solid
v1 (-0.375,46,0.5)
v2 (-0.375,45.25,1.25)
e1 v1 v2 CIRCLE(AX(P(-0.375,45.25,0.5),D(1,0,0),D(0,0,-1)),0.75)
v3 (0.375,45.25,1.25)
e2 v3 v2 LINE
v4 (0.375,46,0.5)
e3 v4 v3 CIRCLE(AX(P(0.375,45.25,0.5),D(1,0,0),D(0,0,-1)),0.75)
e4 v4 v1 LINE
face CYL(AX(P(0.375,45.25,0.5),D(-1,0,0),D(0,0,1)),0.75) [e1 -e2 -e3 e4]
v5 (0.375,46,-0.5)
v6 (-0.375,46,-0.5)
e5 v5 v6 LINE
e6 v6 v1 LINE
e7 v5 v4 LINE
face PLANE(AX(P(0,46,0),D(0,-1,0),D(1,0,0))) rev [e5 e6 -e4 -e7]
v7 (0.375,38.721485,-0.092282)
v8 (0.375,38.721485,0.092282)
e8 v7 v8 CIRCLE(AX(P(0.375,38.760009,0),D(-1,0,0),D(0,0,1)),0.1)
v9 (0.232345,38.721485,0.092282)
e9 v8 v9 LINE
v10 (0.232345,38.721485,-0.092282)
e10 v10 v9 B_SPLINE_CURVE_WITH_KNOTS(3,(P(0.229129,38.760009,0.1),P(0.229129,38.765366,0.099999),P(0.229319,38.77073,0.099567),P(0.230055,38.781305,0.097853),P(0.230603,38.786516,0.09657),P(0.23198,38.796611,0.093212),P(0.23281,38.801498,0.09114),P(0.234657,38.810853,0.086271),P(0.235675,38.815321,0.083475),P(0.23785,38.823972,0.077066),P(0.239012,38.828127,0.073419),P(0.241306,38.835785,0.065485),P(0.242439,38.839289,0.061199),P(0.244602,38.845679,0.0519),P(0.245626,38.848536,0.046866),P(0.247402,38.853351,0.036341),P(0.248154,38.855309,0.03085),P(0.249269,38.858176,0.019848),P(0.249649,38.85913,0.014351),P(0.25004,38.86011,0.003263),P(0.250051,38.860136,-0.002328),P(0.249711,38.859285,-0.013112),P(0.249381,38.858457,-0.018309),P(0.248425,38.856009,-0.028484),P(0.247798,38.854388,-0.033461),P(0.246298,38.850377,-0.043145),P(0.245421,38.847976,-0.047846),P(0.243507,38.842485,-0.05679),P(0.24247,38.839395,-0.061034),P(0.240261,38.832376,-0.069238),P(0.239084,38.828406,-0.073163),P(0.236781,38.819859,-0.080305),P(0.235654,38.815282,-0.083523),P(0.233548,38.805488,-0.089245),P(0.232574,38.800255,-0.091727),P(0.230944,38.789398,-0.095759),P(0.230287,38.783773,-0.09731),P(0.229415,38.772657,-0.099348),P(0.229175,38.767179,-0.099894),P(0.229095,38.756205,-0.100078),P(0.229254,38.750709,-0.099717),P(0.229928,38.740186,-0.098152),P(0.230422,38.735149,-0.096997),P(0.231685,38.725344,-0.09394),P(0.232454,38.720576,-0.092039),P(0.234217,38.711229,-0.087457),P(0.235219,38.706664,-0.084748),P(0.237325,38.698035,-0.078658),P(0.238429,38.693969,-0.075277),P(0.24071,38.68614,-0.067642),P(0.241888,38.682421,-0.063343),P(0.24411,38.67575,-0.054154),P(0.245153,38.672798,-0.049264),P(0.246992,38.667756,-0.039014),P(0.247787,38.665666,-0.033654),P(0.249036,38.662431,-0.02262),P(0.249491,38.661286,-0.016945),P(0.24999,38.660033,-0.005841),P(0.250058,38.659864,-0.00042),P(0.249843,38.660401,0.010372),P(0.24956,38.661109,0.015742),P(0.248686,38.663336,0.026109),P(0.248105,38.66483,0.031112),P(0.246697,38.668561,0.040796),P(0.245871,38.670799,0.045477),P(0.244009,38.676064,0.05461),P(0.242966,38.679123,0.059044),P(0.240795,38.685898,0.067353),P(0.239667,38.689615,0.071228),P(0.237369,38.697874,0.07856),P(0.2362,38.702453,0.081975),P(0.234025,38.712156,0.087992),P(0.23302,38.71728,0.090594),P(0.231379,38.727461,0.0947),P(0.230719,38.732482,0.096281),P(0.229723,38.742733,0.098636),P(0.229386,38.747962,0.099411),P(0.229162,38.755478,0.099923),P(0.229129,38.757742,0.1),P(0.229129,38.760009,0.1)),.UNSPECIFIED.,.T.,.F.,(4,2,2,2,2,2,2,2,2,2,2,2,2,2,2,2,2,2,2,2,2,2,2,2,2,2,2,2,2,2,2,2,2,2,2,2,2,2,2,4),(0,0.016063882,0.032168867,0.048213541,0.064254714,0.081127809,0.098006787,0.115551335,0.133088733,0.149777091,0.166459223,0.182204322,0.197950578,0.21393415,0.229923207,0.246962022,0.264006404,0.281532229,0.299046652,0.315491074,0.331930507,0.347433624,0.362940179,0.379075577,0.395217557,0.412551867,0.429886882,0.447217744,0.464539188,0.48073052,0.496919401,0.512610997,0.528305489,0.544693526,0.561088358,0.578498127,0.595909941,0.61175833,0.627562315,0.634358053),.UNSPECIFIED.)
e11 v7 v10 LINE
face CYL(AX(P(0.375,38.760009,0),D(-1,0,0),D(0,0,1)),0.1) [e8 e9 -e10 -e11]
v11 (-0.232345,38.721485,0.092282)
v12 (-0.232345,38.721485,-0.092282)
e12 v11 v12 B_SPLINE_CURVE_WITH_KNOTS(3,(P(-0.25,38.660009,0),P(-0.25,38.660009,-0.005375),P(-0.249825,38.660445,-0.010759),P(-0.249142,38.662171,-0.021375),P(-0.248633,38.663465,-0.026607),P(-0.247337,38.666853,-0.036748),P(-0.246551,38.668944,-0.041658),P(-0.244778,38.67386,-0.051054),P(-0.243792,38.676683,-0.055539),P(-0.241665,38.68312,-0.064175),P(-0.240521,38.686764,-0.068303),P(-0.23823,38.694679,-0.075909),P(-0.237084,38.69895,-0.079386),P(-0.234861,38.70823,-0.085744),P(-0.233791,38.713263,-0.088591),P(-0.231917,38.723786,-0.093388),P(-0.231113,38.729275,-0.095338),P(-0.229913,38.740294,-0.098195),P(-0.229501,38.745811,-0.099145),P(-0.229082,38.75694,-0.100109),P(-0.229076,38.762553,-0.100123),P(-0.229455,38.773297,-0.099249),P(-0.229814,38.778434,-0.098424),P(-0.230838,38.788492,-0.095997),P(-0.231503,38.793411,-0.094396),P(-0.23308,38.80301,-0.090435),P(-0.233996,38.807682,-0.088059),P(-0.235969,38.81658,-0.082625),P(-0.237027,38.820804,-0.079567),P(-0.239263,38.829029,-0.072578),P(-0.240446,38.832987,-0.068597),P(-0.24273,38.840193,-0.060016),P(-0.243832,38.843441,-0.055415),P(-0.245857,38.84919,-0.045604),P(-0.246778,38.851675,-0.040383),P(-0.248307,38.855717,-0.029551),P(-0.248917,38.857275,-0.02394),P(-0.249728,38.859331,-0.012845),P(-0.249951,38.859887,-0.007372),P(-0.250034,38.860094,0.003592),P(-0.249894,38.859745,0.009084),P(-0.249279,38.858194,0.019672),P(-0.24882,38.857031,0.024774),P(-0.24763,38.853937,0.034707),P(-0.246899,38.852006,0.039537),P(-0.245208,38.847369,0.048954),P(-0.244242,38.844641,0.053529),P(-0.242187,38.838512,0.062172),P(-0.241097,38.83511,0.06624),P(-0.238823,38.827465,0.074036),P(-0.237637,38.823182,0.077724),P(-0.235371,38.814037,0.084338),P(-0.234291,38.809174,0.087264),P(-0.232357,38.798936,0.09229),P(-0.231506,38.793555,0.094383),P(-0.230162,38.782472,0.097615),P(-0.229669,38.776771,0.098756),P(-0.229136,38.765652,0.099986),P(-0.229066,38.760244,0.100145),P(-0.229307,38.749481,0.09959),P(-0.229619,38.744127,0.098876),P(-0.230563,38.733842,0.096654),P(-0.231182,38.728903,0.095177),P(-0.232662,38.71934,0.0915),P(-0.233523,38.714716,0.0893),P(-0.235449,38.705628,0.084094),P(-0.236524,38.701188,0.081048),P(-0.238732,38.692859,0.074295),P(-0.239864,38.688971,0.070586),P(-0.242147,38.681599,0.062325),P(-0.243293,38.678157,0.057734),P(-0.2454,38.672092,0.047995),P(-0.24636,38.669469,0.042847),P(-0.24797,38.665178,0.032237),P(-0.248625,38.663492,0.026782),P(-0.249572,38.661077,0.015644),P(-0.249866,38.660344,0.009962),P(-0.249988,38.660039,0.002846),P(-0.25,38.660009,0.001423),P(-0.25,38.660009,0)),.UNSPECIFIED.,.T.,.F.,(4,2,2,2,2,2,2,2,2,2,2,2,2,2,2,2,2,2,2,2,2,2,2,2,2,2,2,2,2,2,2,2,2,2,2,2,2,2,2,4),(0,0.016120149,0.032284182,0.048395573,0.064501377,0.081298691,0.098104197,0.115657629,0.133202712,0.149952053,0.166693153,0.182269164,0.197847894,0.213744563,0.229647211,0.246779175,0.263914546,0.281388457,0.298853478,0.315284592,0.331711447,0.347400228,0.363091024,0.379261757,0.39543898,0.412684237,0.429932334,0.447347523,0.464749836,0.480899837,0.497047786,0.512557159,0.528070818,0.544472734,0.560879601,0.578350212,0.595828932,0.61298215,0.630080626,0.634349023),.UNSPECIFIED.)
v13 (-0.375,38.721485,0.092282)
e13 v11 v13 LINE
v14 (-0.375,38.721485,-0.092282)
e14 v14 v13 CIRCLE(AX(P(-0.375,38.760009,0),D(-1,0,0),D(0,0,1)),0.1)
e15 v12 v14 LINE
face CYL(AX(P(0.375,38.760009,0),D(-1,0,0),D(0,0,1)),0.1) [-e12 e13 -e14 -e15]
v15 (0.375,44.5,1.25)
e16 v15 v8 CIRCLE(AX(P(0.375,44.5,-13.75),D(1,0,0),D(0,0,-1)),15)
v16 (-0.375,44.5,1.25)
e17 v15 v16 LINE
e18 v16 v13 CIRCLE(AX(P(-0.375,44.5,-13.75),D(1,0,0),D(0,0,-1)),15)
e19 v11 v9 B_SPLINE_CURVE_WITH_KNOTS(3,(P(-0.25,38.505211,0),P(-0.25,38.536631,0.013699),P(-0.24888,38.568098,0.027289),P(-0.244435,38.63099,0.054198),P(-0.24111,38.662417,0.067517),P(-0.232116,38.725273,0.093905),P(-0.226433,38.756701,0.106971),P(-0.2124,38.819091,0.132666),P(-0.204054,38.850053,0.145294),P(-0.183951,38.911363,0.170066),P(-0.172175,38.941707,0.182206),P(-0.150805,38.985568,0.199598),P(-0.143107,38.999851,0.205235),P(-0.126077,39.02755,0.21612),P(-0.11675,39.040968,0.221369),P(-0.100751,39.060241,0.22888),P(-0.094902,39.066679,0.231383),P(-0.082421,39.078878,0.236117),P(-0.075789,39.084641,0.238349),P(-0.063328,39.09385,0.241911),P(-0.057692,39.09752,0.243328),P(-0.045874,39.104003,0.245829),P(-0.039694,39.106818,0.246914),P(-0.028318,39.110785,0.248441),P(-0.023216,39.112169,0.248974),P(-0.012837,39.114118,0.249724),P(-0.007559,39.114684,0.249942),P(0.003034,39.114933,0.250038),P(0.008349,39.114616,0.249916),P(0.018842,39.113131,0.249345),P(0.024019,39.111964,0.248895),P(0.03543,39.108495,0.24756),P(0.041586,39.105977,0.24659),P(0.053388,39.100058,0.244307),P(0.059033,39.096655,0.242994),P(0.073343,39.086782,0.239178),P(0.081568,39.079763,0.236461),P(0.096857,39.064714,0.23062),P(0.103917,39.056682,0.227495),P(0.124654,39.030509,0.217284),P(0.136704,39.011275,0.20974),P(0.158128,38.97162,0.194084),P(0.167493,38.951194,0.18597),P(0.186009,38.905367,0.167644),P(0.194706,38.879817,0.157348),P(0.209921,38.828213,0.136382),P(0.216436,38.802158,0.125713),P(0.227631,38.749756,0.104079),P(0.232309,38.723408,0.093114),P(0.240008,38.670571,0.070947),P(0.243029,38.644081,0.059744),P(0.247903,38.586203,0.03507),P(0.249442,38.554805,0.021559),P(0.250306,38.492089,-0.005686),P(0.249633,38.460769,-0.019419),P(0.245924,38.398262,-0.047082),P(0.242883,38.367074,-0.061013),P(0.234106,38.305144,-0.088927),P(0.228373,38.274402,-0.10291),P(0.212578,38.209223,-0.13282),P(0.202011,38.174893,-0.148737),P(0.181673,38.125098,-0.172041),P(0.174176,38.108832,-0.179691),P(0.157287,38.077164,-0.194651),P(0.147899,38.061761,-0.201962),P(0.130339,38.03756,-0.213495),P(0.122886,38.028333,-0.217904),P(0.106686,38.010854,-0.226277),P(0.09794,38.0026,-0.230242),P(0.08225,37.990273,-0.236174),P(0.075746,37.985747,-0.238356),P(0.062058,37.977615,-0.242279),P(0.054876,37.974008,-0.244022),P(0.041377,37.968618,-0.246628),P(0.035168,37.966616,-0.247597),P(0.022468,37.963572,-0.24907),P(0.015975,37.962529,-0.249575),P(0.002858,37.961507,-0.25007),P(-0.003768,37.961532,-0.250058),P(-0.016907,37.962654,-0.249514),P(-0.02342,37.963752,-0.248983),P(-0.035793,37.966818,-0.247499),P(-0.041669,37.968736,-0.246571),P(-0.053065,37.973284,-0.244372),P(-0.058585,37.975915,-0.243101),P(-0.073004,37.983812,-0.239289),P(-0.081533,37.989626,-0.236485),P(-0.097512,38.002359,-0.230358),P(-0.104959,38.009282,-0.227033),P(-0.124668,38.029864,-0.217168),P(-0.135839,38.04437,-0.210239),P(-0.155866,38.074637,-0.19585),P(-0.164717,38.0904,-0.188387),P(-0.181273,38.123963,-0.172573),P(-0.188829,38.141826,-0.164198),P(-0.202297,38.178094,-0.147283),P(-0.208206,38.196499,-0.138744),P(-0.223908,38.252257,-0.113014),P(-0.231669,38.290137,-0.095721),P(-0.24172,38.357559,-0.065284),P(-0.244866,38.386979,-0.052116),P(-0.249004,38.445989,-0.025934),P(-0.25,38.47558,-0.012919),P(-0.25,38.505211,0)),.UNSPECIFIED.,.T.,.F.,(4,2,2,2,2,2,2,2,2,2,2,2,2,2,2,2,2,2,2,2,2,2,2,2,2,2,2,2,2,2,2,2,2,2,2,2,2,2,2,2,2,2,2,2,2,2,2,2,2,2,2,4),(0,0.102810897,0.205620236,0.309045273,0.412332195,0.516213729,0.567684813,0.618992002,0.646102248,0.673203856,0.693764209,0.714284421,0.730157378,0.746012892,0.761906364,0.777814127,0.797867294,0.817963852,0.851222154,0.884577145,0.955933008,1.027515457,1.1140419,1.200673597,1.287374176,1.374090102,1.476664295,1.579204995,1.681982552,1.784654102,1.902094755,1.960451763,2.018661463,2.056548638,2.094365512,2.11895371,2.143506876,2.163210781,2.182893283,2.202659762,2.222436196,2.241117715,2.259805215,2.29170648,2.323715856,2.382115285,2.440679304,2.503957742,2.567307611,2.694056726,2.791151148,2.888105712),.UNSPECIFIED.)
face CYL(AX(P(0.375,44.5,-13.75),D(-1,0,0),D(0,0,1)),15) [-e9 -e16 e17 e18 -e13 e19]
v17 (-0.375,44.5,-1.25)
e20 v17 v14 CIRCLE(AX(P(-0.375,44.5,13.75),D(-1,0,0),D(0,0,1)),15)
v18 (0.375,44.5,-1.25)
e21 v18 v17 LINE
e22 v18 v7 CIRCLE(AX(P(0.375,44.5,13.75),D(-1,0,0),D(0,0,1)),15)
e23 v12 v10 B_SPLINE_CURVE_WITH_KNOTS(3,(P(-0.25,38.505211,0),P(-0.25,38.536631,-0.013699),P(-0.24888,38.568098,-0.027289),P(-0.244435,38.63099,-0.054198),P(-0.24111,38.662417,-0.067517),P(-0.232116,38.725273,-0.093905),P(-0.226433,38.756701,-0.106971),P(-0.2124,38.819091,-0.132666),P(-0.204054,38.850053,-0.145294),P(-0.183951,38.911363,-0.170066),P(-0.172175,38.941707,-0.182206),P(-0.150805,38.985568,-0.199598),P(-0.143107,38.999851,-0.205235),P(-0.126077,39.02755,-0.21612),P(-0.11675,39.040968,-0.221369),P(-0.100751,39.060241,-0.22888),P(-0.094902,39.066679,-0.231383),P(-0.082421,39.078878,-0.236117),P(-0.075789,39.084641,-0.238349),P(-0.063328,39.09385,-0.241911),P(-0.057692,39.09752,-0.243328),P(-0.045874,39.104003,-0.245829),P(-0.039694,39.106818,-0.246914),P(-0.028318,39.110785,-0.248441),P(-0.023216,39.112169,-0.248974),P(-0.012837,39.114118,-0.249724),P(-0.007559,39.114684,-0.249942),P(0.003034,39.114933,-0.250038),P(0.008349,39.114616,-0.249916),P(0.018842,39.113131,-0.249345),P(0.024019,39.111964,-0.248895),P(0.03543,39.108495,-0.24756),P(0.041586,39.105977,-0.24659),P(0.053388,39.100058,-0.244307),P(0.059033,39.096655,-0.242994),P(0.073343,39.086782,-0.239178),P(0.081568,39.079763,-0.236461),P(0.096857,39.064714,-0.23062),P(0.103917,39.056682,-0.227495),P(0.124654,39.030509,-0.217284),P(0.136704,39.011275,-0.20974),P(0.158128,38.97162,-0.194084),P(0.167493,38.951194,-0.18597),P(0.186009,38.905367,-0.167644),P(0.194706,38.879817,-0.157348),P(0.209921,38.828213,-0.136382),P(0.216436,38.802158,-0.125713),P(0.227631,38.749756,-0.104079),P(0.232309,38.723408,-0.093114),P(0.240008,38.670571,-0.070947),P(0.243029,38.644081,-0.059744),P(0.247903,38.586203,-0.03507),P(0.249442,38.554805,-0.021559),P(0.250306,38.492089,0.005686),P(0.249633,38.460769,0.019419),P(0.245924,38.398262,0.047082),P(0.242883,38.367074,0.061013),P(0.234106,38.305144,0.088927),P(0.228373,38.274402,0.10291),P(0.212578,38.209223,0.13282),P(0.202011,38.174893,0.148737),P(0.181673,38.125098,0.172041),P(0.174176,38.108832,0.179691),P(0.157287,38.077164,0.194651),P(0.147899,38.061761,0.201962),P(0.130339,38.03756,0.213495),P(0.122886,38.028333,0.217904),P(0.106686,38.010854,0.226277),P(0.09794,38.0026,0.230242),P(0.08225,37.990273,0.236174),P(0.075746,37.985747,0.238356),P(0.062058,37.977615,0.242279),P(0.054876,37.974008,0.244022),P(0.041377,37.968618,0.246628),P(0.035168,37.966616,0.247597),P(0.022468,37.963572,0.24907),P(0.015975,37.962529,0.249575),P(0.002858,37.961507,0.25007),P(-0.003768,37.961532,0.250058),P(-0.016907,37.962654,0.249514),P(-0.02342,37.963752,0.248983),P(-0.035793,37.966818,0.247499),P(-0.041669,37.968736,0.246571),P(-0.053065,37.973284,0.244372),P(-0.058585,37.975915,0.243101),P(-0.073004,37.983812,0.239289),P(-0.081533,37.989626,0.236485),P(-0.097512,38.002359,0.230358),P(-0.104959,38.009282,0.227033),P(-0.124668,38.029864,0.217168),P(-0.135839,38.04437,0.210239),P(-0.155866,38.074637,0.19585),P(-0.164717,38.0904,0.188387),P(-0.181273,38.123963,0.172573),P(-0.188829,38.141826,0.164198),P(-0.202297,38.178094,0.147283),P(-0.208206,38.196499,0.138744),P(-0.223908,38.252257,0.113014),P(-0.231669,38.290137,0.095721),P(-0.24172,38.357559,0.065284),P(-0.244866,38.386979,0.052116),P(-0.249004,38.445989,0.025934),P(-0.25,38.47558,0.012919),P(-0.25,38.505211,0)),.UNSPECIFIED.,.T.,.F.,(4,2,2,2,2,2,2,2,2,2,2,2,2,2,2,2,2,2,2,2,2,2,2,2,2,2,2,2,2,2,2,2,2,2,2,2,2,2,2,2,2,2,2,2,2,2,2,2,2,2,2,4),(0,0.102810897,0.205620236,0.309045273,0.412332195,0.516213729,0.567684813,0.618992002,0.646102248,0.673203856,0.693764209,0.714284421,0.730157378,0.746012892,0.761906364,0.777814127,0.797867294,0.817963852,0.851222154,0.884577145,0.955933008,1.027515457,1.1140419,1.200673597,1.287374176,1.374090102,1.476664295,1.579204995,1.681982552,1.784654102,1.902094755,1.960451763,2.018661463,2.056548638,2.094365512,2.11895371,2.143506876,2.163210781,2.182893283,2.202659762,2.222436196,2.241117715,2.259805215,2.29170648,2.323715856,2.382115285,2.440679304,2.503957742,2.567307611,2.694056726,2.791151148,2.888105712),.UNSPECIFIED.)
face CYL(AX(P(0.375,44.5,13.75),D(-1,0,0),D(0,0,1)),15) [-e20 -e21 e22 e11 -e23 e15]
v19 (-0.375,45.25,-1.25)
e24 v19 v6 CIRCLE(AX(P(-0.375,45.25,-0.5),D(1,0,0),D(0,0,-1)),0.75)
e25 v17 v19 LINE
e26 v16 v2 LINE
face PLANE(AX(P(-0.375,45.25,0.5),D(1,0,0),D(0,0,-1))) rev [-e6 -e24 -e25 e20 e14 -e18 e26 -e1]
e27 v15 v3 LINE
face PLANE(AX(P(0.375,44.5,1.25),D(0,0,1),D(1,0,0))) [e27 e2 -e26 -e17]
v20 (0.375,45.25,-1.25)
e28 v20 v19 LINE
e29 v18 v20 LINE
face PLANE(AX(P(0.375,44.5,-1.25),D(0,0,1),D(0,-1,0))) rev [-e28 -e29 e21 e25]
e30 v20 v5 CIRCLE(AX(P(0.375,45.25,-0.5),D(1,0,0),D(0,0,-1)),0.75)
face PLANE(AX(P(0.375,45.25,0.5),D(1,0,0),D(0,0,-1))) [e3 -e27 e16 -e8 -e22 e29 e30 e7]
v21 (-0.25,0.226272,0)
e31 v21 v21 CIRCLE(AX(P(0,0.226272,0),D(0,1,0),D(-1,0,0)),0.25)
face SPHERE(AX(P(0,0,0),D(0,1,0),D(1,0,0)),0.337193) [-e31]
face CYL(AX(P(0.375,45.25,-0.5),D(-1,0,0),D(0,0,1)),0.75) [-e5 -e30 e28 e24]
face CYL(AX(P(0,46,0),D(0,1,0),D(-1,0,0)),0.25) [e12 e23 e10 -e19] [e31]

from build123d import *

# Parameters (mm, degrees)
BOSS_EXTRUDE1_DEPTH = 0.375


with BuildPart() as part:
    # Sketch1 → Revolve1 (revolve)
    with BuildSketch(Plane.XY):
        with BuildLine():
            Line((0.25, 0.226271737), (0.25, 46))
            Line((0.25, 46), (0, 46))
            Line((0, 46), (0, -0.337192673))
            ThreePointArc((0, -0.337192673), (0.308217513, -0.136751101), (0.25, 0.226271737))
        make_face()
    revolve(axis=Axis((0, 46, 0), (0, -1, 0)))

    # Sketch3 → Boss-Extrude1 (add, symmetric)
    with BuildSketch(Plane(origin=(0, 0, 0), x_dir=(0, 0, -1), z_dir=(1, 0, 0))):
        with BuildLine():
            Line((1.25, 44.5), (1.25, 45.25))
            ThreePointArc((1.25, 45.25), (1.030330086, 45.780330086), (0.5, 46))
            Line((0.5, 46), (-0.5, 46))
            ThreePointArc((-0.5, 46), (-1.030330086, 45.780330086), (-1.25, 45.25))
            Line((-1.25, 45.25), (-1.25, 44.5))
            ThreePointArc((-1.25, 44.5), (-0.95772294, 41.553326298), (-0.092281879, 38.721485279))
            ThreePointArc((-0.092281879, 38.721485279), (0, 38.660008711), (0.092281879, 38.721485279))
            ThreePointArc((0.092281879, 38.721485279), (0.95772294, 41.553326298), (1.25, 44.5))
        make_face()
    extrude(amount=BOSS_EXTRUDE1_DEPTH, both=True)


solid = part.part
